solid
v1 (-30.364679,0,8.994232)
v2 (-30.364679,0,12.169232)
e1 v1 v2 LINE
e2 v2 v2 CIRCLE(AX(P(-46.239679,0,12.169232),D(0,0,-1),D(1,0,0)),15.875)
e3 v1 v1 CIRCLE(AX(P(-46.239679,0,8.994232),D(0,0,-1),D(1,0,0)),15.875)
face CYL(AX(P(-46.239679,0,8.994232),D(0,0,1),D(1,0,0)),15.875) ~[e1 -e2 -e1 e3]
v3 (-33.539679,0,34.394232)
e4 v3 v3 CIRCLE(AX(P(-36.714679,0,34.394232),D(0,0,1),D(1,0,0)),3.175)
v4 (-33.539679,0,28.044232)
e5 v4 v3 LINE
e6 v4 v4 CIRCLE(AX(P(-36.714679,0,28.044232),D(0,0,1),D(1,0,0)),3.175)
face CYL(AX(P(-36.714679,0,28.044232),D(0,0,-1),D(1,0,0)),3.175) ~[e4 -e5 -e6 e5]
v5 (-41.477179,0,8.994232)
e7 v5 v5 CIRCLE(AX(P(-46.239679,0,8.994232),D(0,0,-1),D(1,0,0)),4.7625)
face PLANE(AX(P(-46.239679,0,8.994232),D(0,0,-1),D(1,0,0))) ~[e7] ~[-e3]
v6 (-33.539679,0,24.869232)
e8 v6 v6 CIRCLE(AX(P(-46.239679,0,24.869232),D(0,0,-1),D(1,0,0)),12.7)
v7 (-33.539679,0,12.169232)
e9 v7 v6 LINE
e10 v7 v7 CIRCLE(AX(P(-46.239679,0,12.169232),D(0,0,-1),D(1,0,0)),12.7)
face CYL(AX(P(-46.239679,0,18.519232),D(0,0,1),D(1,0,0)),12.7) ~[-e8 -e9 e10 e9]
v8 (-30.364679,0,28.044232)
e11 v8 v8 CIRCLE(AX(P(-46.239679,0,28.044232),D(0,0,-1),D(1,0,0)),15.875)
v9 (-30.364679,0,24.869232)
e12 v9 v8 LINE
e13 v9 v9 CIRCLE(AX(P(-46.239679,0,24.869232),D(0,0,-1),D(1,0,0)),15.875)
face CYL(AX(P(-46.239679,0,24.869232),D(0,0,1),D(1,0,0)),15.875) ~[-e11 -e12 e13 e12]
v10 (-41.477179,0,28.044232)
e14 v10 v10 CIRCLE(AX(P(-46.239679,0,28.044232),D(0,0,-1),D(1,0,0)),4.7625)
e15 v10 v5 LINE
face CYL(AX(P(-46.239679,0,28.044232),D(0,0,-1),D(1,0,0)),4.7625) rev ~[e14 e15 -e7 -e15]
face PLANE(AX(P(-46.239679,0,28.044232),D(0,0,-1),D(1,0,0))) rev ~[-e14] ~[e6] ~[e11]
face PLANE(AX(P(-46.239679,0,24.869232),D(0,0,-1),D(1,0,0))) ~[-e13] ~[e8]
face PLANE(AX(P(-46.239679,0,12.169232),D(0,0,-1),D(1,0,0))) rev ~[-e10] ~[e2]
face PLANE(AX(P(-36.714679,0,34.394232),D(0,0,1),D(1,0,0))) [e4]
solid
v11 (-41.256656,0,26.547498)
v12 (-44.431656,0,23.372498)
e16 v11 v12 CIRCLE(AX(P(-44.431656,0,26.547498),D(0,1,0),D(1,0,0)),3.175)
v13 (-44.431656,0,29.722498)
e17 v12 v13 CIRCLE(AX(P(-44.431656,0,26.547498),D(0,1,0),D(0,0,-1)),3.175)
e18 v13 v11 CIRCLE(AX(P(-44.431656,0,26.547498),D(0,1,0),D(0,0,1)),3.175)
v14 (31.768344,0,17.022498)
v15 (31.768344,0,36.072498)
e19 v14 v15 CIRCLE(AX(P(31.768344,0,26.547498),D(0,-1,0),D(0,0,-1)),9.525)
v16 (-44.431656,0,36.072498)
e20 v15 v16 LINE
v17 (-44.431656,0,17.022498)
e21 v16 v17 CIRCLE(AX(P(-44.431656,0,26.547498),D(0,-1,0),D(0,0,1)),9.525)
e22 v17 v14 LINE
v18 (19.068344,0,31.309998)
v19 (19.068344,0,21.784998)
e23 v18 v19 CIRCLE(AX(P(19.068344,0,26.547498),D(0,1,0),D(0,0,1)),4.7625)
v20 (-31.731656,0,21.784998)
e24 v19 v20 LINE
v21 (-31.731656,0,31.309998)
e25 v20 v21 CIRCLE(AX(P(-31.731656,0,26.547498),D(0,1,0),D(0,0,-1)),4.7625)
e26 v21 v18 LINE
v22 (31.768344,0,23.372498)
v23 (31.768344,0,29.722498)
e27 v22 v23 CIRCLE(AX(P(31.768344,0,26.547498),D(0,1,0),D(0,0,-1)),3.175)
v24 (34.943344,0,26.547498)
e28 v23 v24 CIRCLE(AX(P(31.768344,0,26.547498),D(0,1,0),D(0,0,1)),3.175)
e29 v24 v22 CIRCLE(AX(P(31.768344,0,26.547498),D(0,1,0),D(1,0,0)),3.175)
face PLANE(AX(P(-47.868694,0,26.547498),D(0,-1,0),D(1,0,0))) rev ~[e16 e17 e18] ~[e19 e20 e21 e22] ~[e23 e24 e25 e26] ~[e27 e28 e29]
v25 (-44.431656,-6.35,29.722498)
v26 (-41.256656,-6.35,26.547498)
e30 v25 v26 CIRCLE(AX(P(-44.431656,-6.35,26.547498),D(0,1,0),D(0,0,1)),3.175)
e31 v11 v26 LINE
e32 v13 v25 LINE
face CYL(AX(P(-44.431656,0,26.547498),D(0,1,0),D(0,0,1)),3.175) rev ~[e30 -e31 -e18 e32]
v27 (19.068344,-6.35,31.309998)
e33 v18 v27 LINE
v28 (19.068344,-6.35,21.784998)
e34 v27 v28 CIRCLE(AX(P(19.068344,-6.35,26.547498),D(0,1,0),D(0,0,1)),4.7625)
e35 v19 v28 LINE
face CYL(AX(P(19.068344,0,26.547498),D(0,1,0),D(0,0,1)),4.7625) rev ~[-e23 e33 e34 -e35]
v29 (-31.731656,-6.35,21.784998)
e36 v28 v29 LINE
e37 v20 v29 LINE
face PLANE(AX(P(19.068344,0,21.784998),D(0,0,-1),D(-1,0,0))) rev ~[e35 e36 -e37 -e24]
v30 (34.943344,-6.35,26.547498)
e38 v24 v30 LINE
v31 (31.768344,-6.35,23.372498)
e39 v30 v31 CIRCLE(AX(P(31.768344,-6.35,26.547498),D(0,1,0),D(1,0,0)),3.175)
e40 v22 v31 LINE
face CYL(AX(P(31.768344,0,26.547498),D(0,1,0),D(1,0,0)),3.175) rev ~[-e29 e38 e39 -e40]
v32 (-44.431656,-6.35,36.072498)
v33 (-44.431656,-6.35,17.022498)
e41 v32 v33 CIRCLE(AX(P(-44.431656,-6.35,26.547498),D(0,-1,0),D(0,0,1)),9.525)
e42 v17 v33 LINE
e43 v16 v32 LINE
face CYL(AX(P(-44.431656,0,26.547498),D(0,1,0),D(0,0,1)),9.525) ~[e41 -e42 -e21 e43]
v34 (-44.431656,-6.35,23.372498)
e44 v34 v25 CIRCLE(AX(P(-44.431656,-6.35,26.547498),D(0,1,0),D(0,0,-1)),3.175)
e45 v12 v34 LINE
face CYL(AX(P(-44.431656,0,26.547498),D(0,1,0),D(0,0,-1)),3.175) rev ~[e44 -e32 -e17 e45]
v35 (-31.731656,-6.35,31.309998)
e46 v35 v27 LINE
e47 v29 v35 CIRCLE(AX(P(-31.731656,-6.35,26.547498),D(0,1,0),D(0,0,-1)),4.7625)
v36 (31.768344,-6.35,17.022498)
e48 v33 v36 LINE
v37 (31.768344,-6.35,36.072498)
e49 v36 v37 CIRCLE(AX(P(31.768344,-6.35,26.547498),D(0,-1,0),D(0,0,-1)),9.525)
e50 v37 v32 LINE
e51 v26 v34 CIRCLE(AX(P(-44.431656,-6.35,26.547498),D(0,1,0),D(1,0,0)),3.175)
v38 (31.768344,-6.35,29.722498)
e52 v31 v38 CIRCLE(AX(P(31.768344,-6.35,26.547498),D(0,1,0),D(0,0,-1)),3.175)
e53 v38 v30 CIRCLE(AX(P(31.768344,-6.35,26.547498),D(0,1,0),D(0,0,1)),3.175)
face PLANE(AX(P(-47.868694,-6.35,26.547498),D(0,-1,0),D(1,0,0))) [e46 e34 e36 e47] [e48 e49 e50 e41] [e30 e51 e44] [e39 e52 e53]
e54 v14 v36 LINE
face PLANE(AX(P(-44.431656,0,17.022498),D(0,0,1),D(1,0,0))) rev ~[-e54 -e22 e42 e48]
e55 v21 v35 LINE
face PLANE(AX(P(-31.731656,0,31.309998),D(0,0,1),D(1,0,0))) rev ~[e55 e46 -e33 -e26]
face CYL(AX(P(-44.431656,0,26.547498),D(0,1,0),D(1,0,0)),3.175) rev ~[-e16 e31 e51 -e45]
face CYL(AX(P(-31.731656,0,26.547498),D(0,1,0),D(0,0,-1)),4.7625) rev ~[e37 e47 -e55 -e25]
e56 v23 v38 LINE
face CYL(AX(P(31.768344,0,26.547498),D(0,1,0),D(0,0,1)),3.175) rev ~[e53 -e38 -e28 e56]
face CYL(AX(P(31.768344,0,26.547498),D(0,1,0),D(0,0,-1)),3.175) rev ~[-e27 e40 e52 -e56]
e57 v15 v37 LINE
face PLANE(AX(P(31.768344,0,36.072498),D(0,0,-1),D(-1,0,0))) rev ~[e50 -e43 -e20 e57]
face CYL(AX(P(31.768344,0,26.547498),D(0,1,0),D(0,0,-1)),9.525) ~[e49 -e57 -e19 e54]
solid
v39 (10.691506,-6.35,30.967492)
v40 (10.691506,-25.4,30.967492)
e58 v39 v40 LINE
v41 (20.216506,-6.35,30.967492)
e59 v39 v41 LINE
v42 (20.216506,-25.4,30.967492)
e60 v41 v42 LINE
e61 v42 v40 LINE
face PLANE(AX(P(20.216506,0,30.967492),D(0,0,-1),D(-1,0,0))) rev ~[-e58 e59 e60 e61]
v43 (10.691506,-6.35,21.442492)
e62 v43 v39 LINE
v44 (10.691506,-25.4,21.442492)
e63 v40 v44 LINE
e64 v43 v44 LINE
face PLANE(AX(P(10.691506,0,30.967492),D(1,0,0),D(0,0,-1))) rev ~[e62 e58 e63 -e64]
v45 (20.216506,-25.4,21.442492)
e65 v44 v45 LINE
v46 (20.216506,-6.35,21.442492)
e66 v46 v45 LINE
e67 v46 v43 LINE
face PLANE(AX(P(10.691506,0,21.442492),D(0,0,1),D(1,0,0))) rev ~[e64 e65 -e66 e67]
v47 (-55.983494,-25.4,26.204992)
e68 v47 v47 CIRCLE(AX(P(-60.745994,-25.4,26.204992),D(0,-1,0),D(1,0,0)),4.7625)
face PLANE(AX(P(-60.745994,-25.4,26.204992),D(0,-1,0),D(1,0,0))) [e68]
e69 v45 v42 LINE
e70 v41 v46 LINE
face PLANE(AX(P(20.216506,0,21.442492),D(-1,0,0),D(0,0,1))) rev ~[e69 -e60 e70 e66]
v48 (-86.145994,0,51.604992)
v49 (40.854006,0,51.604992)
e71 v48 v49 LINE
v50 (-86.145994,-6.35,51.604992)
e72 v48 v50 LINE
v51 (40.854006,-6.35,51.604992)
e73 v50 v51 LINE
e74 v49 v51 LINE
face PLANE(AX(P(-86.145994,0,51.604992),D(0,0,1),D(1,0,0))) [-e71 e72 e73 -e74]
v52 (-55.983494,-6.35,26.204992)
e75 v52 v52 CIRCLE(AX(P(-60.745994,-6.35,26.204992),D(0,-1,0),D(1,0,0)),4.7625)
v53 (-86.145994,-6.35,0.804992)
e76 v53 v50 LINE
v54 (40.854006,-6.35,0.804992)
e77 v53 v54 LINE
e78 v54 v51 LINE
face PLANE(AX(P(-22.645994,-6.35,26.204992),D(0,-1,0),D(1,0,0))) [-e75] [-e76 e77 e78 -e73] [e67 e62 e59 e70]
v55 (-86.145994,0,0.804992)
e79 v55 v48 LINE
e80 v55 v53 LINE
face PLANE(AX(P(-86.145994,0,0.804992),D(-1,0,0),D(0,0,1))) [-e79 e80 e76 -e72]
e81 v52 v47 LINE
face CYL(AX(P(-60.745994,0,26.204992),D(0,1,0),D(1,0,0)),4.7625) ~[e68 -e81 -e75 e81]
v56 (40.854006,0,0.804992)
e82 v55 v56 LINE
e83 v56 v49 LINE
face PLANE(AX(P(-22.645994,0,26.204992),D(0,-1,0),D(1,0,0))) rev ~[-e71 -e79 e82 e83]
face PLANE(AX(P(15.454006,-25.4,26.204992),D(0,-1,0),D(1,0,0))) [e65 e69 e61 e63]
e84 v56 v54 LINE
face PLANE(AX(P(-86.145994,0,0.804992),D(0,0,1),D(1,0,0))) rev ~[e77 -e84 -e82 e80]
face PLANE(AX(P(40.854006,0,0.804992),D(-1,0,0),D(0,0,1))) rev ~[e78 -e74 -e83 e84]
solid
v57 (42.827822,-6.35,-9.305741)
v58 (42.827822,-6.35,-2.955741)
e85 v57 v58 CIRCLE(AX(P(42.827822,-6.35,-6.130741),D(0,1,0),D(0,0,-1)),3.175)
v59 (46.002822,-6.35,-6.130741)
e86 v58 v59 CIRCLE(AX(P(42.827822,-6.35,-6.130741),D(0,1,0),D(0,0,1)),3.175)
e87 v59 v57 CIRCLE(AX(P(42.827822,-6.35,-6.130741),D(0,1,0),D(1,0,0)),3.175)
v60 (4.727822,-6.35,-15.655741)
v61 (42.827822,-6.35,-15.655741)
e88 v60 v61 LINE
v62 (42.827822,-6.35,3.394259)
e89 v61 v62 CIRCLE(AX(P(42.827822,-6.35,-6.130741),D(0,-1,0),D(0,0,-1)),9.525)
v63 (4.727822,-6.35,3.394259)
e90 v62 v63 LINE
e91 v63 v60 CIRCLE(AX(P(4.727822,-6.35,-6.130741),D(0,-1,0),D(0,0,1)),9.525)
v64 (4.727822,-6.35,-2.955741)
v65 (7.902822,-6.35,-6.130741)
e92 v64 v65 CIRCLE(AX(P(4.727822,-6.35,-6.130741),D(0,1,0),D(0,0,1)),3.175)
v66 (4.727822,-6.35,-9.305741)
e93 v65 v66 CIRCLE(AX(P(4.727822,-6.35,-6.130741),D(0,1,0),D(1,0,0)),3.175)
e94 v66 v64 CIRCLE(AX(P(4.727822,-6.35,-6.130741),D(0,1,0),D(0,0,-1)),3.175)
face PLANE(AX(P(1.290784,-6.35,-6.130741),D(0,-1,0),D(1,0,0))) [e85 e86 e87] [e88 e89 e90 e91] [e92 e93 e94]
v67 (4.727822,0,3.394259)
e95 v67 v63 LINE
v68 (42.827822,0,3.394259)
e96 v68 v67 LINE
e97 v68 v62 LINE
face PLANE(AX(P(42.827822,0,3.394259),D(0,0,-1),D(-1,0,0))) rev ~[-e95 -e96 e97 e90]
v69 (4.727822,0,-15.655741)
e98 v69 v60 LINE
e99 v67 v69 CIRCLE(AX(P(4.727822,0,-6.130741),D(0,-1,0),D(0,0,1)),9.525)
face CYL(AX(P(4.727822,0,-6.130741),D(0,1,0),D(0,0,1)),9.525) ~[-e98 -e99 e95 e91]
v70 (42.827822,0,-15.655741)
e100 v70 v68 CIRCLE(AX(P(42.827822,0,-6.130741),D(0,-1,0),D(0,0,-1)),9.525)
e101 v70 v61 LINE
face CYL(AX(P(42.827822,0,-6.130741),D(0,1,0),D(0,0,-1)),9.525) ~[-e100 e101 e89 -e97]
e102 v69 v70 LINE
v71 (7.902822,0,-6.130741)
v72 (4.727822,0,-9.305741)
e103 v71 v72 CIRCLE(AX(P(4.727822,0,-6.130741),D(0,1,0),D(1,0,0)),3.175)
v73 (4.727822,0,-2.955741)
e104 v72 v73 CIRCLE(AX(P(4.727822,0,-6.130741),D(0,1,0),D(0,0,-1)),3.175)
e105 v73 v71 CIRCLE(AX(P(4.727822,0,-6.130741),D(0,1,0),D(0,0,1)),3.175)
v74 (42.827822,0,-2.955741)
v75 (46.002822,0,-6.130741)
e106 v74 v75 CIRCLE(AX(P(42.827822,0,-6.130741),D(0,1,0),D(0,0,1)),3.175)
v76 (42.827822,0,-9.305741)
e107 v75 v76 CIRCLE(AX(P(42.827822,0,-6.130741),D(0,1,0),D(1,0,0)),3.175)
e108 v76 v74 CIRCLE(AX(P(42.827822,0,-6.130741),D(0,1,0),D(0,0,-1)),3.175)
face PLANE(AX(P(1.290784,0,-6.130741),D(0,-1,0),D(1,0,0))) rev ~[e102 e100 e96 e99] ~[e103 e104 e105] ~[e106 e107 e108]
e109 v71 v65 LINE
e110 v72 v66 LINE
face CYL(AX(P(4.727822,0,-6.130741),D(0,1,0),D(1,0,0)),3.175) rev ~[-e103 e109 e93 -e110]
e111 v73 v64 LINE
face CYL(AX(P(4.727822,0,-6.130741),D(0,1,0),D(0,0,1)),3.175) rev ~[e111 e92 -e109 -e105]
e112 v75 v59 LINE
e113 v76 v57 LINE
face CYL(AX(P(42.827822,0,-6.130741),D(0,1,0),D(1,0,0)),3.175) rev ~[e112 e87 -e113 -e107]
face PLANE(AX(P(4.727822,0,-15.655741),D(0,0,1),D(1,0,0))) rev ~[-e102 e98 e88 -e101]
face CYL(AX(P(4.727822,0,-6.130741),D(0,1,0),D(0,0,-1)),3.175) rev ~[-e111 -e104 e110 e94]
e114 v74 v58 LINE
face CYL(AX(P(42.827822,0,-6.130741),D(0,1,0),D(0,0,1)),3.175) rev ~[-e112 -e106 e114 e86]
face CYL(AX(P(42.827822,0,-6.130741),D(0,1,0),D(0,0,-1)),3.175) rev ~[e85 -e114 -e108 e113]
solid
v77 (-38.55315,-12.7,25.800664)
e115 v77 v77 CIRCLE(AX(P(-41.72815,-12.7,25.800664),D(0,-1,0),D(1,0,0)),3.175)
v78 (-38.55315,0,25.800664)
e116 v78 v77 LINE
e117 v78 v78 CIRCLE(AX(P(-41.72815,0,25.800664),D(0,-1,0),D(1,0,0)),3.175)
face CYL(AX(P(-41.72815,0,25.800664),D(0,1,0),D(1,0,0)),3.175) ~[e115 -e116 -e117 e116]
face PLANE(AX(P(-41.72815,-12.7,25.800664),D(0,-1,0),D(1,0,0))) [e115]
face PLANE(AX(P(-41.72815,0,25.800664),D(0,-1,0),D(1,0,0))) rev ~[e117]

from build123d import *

# Parameters (mm, degrees)
F0_W      = 127
F0_H      = 50.8
F0_R      = 4.7625
F1_DEPTH  = 6.35
F2_DEPTH  = 25.4
F4_DEPTH  = 6.35
F6_DEPTH  = 6.35
F7_R      = 3.175
F8_DEPTH  = 12.7
F9_W      = 7.9375
F9_H      = 12.7
F11_R     = 3.175
F12_DEPTH = 6.35


with BuildPart() as f1:
    # F0 (on Front) → F1 (new body)
    with BuildSketch(Plane.XZ):
        with Locations((-22.645993565, 26.2049915612)):
            Rectangle(F0_W, F0_H)
        with Locations((-60.745993565, 26.2049915612)):
            Circle(F0_R, mode=Mode.SUBTRACT)
        Polygon((10.691506435, 21.4424915612), (10.691506435, 30.9674915612), (20.216506435, 30.9674915612), (20.216506435, 26.2049915612), (20.216506435, 21.4424915612), (15.454006435, 21.4424915612), align=None, mode=Mode.SUBTRACT)
    extrude(amount=F1_DEPTH)

    # F0 (on Front) → F2 (join)
    with BuildSketch(Plane.XZ):
        with Locations((-60.745993565, 26.2049915612)):
            Circle(F0_R)
        Polygon((20.216506435, 30.9674915612), (10.691506435, 30.9674915612), (10.691506435, 21.4424915612), (15.454006435, 21.4424915612), (20.216506435, 21.4424915612), (20.216506435, 26.2049915612), align=None)
    extrude(amount=F2_DEPTH)


with BuildPart() as f4:
    # F3 (on Front) → F4 (new body)
    with BuildSketch(Plane.XZ):
        with BuildLine():
            Line((4.727822268, -2.9557410955), (4.727822268, 3.3942589045))
            ThreePointArc((4.727822268, 3.3942589045), (-4.797177732, -6.1307410955), (4.727822268, -15.6557410955))
            Line((4.727822268, -15.6557410955), (4.727822268, -9.3057410955))
            ThreePointArc((4.727822268, -9.3057410955), (1.552822268, -6.1307410955), (4.727822268, -2.9557410955))
        make_face()
        with BuildLine():
            Line((42.827822268, 3.3942589045), (4.727822268, 3.3942589045))
            Line((4.727822268, 3.3942589045), (4.727822268, -2.9557410955))
            ThreePointArc((4.727822268, -2.9557410955), (6.9728862983, -3.8856770653), (7.902822268, -6.1307410955))
            ThreePointArc((7.902822268, -6.1307410955), (6.9728862983, -8.3758051258), (4.727822268, -9.3057410955))
            Line((4.727822268, -9.3057410955), (4.727822268, -15.6557410955))
            Line((4.727822268, -15.6557410955), (42.827822268, -15.6557410955))
            Line((42.827822268, -15.6557410955), (42.827822268, -9.3057410955))
            ThreePointArc((42.827822268, -9.3057410955), (39.652822268, -6.1307410955), (42.827822268, -2.9557410955))
            Line((42.827822268, -2.9557410955), (42.827822268, 3.3942589045))
        make_face()
        with BuildLine():
            ThreePointArc((42.827822268, -15.6557410955), (52.352822268, -6.1307410955), (42.827822268, 3.3942589045))
            Line((42.827822268, 3.3942589045), (42.827822268, -2.9557410955))
            ThreePointArc((42.827822268, -2.9557410955), (45.0728862983, -3.8856770653), (46.002822268, -6.1307410955))
            ThreePointArc((46.002822268, -6.1307410955), (45.0728862983, -8.3758051258), (42.827822268, -9.3057410955))
            Line((42.827822268, -9.3057410955), (42.827822268, -15.6557410955))
        make_face()
    extrude(amount=F4_DEPTH)


with BuildPart() as f6:
    # F5 (on Front) → F6 (new body)
    with BuildSketch(Plane.XZ):
        with BuildLine():
            Line((-44.4316556573, 29.722497952), (-44.4316556573, 36.072497952))
            ThreePointArc((-44.4316556573, 36.072497952), (-53.9566556573, 26.547497952), (-44.4316556573, 17.022497952))
            Line((-44.4316556573, 17.022497952), (-44.4316556573, 23.372497952))
            ThreePointArc((-44.4316556573, 23.372497952), (-47.6066556573, 26.547497952), (-44.4316556573, 29.722497952))
        make_face()
        with BuildLine():
            Line((31.7683443427, 36.072497952), (-44.4316556573, 36.072497952))
            Line((-44.4316556573, 36.072497952), (-44.4316556573, 29.722497952))
            ThreePointArc((-44.4316556573, 29.722497952), (-42.186591627, 28.7925619823), (-41.2566556573, 26.547497952))
            ThreePointArc((-41.2566556573, 26.547497952), (-42.186591627, 24.3024339217), (-44.4316556573, 23.372497952))
            Line((-44.4316556573, 23.372497952), (-44.4316556573, 17.022497952))
            Line((-44.4316556573, 17.022497952), (-6.3316556573, 17.022497952))
            Line((-6.3316556573, 17.022497952), (31.7683443427, 17.022497952))
            Line((31.7683443427, 17.022497952), (31.7683443427, 23.372497952))
            ThreePointArc((31.7683443427, 23.372497952), (28.5933443427, 26.547497952), (31.7683443427, 29.722497952))
            Line((31.7683443427, 29.722497952), (31.7683443427, 36.072497952))
        make_face()
        with BuildLine():
            ThreePointArc((-31.7316556573, 21.784997952), (-36.4941556573, 26.547497952), (-31.7316556573, 31.309997952))
            Line((-31.7316556573, 31.309997952), (19.0683443427, 31.309997952))
            ThreePointArc((19.0683443427, 31.309997952), (23.8308443427, 26.547497952), (19.0683443427, 21.784997952))
            Line((19.0683443427, 21.784997952), (-6.3316556573, 21.784997952))
            Line((-6.3316556573, 21.784997952), (-31.7316556573, 21.784997952))
        make_face(mode=Mode.SUBTRACT)
        with BuildLine():
            ThreePointArc((31.7683443427, 17.022497952), (41.2933443427, 26.547497952), (31.7683443427, 36.072497952))
            Line((31.7683443427, 36.072497952), (31.7683443427, 29.722497952))
            ThreePointArc((31.7683443427, 29.722497952), (34.013408373, 28.7925619823), (34.9433443427, 26.547497952))
            ThreePointArc((34.9433443427, 26.547497952), (34.013408373, 24.3024339217), (31.7683443427, 23.372497952))
            Line((31.7683443427, 23.372497952), (31.7683443427, 17.022497952))
        make_face()
    extrude(amount=F6_DEPTH)


with BuildPart() as f8:
    # F7 (on Front) → F8 (new body)
    with BuildSketch(Plane.XZ):
        with Locations((-41.7281500995, 25.8006639779)):
            Circle(F7_R)
    extrude(amount=F8_DEPTH)


with BuildPart() as f10:
    # F9 (on Front) → F10 (revolve)
    with BuildSketch(Plane.XZ):
        Polygon((-30.3646791726, 28.0442315072), (-41.4771791726, 28.0442315072), (-41.4771791726, 24.8692315072), (-33.5396791726, 24.8692315072), (-30.3646791726, 24.8692315072), align=None)
        with Locations((-37.5084291726, 18.5192315072)):
            Rectangle(F9_W, F9_H)
        Polygon((-33.5396791726, 12.1692315072), (-41.4771791726, 12.1692315072), (-41.4771791726, 8.9942315072), (-30.3646791726, 8.9942315072), (-30.3646791726, 12.1692315072), align=None)
    revolve(axis=Axis((-46.2396791726, 0, 18.5192315072), (0, 0, -1)))

    # F11 (on face) → F12 (join)
    with BuildSketch(Plane.XY.offset(28.0442315072)):
        with Locations((-36.7146791726, 0)):
            Circle(F11_R)
    extrude(amount=F12_DEPTH)


solid = Compound([f1.part, f4.part, f6.part, f8.part, f10.part])
